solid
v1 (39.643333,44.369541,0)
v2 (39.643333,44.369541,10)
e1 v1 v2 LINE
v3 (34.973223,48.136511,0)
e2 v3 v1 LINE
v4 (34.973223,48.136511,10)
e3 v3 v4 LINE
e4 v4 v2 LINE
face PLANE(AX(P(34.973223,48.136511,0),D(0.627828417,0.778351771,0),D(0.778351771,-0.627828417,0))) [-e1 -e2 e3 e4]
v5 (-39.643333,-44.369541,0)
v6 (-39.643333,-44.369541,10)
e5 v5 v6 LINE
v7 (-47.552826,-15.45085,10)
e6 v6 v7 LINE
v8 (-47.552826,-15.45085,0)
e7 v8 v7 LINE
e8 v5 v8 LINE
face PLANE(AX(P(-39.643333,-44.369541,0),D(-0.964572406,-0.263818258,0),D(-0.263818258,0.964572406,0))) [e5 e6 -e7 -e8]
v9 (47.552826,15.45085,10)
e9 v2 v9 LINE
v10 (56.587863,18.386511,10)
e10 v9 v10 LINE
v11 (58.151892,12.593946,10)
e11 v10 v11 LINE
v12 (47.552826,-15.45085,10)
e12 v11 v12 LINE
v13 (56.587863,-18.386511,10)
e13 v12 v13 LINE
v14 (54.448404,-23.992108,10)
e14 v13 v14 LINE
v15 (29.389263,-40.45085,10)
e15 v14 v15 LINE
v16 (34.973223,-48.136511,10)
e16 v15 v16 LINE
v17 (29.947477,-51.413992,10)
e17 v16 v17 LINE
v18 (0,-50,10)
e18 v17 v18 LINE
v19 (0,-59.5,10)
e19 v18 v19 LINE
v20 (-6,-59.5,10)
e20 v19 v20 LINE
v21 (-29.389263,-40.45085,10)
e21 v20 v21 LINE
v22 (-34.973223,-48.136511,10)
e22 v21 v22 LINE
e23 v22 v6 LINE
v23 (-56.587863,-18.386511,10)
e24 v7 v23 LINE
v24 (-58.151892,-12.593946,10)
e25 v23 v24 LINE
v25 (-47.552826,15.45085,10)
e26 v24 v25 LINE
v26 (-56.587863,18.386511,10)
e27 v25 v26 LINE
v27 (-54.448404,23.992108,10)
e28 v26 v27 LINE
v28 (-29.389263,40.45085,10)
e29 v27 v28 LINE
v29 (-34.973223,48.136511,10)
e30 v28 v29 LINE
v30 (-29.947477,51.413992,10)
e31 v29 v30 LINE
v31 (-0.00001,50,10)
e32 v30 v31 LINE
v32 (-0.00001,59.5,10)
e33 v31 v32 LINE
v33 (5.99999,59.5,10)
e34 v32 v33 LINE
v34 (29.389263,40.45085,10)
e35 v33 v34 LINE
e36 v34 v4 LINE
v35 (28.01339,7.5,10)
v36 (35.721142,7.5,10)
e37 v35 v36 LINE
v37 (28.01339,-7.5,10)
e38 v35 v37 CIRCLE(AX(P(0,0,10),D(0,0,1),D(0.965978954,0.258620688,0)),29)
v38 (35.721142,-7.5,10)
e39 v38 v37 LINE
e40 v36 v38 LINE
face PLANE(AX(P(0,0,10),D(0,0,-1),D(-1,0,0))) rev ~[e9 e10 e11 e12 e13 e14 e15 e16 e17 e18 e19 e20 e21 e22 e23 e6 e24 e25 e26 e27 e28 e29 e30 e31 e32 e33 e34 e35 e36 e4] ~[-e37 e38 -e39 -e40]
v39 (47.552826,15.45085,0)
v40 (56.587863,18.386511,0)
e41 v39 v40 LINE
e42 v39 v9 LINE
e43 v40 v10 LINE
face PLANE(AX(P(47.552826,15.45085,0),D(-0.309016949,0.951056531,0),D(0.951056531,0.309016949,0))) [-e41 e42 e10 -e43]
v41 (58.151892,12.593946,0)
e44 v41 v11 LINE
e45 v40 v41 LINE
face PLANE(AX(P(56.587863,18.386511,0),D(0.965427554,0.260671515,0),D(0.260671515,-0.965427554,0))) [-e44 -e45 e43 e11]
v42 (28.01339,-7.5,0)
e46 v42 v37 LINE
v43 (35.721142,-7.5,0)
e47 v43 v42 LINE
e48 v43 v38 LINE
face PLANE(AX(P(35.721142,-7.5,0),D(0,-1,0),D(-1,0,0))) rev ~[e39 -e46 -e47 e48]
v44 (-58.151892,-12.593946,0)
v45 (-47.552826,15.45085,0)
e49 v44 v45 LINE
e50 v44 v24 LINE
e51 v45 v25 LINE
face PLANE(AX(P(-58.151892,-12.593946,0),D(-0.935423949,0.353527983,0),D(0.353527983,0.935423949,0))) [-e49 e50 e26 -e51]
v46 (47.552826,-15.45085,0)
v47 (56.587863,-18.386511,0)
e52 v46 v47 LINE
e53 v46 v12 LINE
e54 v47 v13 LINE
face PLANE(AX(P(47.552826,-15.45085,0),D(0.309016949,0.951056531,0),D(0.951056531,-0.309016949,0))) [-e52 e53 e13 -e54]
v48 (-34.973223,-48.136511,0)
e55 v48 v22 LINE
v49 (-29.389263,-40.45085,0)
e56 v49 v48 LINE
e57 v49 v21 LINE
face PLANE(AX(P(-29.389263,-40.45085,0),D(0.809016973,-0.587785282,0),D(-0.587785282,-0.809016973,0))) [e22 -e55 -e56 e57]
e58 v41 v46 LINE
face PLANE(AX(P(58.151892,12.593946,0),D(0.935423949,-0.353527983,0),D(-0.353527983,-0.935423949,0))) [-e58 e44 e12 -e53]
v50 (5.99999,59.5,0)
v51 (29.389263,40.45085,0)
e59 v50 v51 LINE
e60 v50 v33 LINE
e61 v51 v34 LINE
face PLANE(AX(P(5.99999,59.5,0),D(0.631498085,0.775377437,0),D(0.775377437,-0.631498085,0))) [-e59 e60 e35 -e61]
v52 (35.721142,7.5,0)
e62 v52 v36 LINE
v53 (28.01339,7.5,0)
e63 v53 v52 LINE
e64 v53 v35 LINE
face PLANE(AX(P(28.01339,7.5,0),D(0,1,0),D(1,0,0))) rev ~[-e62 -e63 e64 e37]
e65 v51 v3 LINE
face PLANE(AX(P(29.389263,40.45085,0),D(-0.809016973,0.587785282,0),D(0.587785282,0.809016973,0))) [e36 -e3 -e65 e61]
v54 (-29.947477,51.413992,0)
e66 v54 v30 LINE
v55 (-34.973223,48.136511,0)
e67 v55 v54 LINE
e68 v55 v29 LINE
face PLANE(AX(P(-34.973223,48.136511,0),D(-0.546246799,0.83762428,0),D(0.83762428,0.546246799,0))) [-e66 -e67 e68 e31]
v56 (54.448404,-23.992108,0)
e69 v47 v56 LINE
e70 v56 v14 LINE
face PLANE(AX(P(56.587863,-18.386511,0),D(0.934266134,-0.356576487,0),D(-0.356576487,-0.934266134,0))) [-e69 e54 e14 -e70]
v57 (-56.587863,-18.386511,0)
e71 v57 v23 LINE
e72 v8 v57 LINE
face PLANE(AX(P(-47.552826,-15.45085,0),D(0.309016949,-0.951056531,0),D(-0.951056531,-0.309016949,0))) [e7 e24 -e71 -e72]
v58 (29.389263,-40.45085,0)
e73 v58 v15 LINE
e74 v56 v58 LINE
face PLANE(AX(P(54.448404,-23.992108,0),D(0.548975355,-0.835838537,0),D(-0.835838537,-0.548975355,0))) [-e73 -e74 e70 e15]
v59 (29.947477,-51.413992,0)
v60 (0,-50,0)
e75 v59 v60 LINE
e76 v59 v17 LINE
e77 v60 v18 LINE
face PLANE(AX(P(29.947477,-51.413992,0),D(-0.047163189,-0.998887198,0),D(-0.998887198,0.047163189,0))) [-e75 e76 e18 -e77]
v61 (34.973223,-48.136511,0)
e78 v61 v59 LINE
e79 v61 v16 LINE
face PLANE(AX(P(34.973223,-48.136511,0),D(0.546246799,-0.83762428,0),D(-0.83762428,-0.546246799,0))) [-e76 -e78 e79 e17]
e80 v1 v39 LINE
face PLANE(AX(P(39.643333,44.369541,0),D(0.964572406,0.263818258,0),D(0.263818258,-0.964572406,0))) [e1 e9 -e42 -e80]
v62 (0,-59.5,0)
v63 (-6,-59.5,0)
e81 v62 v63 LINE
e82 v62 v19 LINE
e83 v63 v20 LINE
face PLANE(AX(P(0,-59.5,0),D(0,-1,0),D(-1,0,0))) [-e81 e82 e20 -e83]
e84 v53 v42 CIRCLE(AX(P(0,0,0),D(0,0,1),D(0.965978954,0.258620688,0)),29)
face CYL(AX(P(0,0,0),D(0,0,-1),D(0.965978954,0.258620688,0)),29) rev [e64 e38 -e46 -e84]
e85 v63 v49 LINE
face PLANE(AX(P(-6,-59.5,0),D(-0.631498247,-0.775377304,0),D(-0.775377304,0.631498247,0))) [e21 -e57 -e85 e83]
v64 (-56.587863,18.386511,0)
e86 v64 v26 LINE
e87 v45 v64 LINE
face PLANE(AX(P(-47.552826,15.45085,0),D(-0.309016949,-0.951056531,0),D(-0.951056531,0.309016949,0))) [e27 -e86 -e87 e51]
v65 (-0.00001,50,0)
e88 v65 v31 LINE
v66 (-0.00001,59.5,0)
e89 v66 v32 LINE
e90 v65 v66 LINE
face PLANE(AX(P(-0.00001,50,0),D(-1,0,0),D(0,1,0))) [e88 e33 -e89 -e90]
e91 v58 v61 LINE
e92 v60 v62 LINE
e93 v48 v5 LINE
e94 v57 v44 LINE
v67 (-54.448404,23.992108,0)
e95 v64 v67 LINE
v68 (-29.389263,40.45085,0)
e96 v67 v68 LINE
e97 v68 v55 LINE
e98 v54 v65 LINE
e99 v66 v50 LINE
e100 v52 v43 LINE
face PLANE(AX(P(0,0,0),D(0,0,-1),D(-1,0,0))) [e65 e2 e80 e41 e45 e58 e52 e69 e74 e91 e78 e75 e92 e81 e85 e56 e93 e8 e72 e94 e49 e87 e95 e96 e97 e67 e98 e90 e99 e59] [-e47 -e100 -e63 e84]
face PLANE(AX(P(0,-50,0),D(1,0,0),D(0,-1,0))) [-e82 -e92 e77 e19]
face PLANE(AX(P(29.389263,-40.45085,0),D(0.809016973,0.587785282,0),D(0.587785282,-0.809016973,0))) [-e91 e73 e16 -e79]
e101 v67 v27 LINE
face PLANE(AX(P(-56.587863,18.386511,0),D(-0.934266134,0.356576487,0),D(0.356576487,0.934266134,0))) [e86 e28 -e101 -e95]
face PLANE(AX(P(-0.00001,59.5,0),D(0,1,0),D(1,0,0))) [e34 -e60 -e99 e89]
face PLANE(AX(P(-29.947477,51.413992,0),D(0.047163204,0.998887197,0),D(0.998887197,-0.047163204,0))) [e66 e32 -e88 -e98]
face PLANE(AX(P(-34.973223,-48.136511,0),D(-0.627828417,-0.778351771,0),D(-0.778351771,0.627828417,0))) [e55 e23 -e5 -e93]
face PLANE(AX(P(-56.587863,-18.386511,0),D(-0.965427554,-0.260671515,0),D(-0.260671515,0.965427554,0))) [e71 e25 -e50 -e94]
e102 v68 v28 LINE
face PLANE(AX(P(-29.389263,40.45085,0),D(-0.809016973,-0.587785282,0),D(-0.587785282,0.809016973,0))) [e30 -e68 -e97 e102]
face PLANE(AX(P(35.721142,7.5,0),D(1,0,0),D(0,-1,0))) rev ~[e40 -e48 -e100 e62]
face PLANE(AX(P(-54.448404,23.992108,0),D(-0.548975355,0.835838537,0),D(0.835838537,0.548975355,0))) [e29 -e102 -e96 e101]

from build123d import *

# Parameters (mm, degrees)
PAD_DEPTH = 10


with BuildPart() as part:
    # Sketch → Pad (new body)
    with BuildSketch(Plane.XY):
        Polygon((-1e-05, 59.5), (5.99999, 59.5), (29.389263, 40.45085), (34.973223, 48.136511), (39.643333, 44.369541), (47.552826, 15.45085), (56.587863, 18.386511), (58.151892, 12.593946), (47.552826, -15.45085), (56.587863, -18.386511), (54.448404, -23.992108), (29.389263, -40.45085), (34.973223, -48.136511), (29.947477, -51.413992), (0, -50), (0, -59.5), (-6, -59.5), (-29.389263, -40.45085), (-34.973223, -48.136511), (-39.643333, -44.369541), (-47.552826, -15.45085), (-56.587863, -18.386511), (-58.151892, -12.593946), (-47.552826, 15.45085), (-56.587863, 18.386511), (-54.448404, 23.992108), (-29.389263, 40.45085), (-34.973223, 48.136511), (-29.947477, 51.413992), (-1e-05, 50), align=None)
        with BuildLine():
            ThreePointArc((28.01339, 7.5), (-29, 0), (28.01339, -7.5))
            Line((35.721142, -7.5), (28.01339, -7.5))
            Line((35.721142, 7.5), (35.721142, -7.5))
            Line((28.01339, 7.5), (35.721142, 7.5))
        make_face(mode=Mode.SUBTRACT)
    extrude(amount=PAD_DEPTH)


solid = part.part
